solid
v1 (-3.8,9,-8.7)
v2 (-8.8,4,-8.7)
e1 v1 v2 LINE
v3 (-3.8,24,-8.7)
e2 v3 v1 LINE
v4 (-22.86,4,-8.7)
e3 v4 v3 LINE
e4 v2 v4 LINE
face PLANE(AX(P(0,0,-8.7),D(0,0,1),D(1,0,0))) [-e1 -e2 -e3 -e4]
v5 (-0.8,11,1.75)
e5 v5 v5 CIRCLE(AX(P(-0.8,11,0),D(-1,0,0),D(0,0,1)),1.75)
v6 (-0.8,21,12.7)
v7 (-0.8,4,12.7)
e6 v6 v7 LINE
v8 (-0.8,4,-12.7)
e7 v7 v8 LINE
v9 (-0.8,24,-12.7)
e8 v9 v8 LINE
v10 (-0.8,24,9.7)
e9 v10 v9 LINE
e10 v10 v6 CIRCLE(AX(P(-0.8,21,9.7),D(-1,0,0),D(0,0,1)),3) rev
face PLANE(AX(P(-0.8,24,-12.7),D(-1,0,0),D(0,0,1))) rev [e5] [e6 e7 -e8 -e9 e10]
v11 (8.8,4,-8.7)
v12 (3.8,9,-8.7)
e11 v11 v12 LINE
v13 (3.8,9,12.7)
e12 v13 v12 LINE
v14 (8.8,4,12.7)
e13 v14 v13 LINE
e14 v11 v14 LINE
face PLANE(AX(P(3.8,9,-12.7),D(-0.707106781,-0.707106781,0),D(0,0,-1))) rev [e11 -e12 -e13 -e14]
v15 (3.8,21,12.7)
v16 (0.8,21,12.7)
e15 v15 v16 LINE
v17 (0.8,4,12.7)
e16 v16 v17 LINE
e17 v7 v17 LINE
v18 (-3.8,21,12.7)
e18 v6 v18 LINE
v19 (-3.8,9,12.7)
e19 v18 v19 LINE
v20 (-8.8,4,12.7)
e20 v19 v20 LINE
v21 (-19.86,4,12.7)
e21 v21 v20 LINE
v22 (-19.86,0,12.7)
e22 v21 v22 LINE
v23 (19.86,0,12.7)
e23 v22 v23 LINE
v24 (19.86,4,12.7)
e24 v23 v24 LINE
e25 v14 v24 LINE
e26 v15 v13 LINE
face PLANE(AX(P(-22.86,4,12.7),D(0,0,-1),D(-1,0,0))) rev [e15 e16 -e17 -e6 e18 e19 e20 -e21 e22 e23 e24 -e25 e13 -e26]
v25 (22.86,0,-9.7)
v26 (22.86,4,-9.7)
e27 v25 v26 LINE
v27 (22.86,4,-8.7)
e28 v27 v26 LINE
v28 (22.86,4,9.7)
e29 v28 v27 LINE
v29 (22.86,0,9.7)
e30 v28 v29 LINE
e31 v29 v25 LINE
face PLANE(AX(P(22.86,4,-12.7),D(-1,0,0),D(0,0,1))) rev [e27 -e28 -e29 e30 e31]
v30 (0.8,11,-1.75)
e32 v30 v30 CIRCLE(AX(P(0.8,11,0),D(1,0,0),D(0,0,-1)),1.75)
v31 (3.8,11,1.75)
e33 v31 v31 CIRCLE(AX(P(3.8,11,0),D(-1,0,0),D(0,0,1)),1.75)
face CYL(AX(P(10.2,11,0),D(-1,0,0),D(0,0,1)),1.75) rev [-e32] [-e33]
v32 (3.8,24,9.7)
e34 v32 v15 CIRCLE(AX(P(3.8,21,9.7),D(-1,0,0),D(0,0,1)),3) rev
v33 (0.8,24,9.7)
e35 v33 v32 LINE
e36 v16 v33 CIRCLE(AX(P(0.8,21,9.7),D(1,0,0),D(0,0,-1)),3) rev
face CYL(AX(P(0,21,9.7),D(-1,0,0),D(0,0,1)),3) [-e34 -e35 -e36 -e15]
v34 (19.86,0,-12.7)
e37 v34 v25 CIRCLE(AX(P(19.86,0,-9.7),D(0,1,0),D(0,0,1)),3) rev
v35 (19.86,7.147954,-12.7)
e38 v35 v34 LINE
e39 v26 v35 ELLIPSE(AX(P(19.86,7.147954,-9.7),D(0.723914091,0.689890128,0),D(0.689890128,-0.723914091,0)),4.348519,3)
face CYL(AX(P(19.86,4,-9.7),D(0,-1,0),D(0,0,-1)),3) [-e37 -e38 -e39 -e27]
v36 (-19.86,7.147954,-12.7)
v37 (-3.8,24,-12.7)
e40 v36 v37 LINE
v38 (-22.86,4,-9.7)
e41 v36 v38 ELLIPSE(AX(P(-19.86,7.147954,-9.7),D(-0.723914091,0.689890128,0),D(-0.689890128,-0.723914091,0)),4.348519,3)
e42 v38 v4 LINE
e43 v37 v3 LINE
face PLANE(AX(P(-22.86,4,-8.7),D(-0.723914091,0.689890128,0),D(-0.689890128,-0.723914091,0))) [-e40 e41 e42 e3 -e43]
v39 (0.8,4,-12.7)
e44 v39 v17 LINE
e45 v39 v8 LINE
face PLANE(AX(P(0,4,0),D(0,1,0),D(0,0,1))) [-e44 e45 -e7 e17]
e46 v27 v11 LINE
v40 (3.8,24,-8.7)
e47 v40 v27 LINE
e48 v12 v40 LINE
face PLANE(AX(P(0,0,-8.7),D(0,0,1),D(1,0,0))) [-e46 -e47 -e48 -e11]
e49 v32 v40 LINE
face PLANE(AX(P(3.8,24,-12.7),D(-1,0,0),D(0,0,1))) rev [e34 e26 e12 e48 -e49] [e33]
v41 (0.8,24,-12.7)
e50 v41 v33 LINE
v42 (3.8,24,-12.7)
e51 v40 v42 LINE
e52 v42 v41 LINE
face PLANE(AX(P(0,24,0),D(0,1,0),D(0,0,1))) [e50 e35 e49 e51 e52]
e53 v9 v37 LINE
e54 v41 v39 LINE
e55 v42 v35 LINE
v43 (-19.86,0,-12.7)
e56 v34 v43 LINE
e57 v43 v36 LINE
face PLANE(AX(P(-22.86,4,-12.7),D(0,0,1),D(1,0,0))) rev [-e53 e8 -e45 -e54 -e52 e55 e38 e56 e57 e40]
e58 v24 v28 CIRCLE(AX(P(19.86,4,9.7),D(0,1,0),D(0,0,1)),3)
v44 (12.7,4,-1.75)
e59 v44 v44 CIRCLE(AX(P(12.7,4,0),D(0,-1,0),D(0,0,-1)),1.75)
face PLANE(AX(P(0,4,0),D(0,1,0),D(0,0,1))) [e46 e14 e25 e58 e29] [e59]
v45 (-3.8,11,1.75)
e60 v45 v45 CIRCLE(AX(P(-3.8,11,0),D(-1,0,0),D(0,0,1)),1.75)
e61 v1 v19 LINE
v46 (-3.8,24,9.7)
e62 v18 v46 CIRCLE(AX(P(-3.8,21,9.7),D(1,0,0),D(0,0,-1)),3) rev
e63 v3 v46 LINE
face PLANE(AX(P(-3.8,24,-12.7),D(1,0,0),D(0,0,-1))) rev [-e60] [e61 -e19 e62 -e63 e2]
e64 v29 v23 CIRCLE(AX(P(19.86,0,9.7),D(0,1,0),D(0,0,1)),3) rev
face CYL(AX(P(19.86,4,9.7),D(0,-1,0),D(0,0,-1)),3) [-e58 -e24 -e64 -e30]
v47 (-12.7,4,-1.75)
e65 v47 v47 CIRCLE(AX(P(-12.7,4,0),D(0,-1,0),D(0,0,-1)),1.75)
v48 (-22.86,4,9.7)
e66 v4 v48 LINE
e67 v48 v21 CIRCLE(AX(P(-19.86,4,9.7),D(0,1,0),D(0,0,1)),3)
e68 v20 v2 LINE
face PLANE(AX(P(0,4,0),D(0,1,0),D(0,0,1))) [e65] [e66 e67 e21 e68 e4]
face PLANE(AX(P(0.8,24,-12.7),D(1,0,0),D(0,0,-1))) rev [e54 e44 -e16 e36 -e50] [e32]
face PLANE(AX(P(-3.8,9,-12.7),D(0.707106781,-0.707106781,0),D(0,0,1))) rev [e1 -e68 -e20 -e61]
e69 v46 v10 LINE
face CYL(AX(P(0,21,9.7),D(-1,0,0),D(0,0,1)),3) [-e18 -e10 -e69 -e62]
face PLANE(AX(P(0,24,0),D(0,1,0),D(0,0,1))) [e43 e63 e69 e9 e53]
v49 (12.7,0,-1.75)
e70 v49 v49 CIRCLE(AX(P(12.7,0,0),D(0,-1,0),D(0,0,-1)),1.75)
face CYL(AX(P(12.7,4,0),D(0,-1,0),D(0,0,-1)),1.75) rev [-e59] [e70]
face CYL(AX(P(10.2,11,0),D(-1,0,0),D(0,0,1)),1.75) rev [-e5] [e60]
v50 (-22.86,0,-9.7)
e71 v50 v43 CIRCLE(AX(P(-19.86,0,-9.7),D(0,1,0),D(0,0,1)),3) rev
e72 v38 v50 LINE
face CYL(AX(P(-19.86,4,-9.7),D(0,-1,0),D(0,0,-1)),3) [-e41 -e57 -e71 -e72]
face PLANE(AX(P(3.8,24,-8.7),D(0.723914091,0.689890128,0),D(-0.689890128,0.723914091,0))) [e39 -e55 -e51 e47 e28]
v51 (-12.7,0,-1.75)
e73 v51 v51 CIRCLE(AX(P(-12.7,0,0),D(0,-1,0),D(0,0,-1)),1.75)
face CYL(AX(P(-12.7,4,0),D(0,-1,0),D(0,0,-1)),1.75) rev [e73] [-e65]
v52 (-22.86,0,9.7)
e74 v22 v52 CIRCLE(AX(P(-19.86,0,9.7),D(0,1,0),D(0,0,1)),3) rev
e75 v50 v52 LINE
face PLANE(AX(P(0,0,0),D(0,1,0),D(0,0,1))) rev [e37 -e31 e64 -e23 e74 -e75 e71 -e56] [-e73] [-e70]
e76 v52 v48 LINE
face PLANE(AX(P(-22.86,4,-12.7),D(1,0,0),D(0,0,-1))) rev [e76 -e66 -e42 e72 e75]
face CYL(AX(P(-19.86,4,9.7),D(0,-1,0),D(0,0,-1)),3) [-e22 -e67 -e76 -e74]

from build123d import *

# Parameters (mm, degrees)
SKETCH1_W           = 45.72
SKETCH1_H           = 25.4
BOSS_EXTRUDE1_DEPTH = 4
SKETCH2_W           = 3
SKETCH2_H           = 25.4
BOSS_EXTRUDE2_DEPTH = 20
CHAMFER1_SIZE       = 5
BOSS_EXTRUDE3_DEPTH = 4
SKETCH4_R           = 1.75
CUT_EXTRUDE1_DEPTH  = 4
SKETCH5_R           = 1.75
CUT_EXTRUDE2_DEPTH  = 14
FILLET1_R           = 3


with BuildPart() as part:
    # Sketch1 → Boss-Extrude1 (new body)
    with BuildSketch(Plane(origin=(0, 0, 0), x_dir=(1, 0, 0), z_dir=(0, 1, 0))):
        Rectangle(SKETCH1_W, SKETCH1_H)
    extrude(amount=BOSS_EXTRUDE1_DEPTH)

    # Sketch2 → Boss-Extrude2 (add)
    with BuildSketch(Plane(origin=(0, 4, 0), x_dir=(1, 0, 0), z_dir=(0, 1, 0))):
        with Locations((-2.3, 0)):
            Rectangle(SKETCH2_W, SKETCH2_H)
        with Locations((2.3, 0)):
            Rectangle(SKETCH2_W, SKETCH2_H)
    extrude(amount=BOSS_EXTRUDE2_DEPTH)

    # Chamfer1
    chamfer1_edges = [part.edges().sort_by_distance(p)[0] for p in [
        (-3.8, 4, 0),
        (3.8, 4, 0),
    ]]
    chamfer(chamfer1_edges, length=CHAMFER1_SIZE)

    # Sketch3 → Boss-Extrude3 (add)
    with BuildSketch(Plane(origin=(0, 0, -12.7), x_dir=(-1, 0, 0), z_dir=(0, 0, -1))):
        Polygon((-3.8, 24), (-22.86, 4), (-3.8, 4), align=None)
        Polygon((3.8, 24), (3.8, 4), (22.86, 4), align=None)
    extrude(amount=-BOSS_EXTRUDE3_DEPTH)

    # Sketch4 → Cut-Extrude1 (cut)
    with BuildSketch(Plane.XZ):
        with Locations(Location((-12.7, 0, 0), (0, 0, 270))):
            Circle(SKETCH4_R)
        with Locations(Location((12.7, 0, 0), (0, 0, 270))):
            Circle(SKETCH4_R)
    extrude(amount=-CUT_EXTRUDE1_DEPTH, mode=Mode.SUBTRACT)

    # Sketch5 → Cut-Extrude2 (cut)
    with BuildSketch(Plane.ZY.offset(3.8)):
        with Locations((0, 11)):
            Circle(SKETCH5_R)
    extrude(amount=-CUT_EXTRUDE2_DEPTH, mode=Mode.SUBTRACT)

    # Fillet1
    fillet1_edges = [part.edges().sort_by_distance(p)[0] for p in [
        (-2.3, 24, 12.7),
        (2.3, 24, 12.7),
        (22.86, 2, 12.7),
        (-22.86, 2, 12.7),
        (-22.86, 2, -12.7),
        (22.86, 2, -12.7),
    ]]
    fillet(fillet1_edges, radius=FILLET1_R)


solid = part.part
